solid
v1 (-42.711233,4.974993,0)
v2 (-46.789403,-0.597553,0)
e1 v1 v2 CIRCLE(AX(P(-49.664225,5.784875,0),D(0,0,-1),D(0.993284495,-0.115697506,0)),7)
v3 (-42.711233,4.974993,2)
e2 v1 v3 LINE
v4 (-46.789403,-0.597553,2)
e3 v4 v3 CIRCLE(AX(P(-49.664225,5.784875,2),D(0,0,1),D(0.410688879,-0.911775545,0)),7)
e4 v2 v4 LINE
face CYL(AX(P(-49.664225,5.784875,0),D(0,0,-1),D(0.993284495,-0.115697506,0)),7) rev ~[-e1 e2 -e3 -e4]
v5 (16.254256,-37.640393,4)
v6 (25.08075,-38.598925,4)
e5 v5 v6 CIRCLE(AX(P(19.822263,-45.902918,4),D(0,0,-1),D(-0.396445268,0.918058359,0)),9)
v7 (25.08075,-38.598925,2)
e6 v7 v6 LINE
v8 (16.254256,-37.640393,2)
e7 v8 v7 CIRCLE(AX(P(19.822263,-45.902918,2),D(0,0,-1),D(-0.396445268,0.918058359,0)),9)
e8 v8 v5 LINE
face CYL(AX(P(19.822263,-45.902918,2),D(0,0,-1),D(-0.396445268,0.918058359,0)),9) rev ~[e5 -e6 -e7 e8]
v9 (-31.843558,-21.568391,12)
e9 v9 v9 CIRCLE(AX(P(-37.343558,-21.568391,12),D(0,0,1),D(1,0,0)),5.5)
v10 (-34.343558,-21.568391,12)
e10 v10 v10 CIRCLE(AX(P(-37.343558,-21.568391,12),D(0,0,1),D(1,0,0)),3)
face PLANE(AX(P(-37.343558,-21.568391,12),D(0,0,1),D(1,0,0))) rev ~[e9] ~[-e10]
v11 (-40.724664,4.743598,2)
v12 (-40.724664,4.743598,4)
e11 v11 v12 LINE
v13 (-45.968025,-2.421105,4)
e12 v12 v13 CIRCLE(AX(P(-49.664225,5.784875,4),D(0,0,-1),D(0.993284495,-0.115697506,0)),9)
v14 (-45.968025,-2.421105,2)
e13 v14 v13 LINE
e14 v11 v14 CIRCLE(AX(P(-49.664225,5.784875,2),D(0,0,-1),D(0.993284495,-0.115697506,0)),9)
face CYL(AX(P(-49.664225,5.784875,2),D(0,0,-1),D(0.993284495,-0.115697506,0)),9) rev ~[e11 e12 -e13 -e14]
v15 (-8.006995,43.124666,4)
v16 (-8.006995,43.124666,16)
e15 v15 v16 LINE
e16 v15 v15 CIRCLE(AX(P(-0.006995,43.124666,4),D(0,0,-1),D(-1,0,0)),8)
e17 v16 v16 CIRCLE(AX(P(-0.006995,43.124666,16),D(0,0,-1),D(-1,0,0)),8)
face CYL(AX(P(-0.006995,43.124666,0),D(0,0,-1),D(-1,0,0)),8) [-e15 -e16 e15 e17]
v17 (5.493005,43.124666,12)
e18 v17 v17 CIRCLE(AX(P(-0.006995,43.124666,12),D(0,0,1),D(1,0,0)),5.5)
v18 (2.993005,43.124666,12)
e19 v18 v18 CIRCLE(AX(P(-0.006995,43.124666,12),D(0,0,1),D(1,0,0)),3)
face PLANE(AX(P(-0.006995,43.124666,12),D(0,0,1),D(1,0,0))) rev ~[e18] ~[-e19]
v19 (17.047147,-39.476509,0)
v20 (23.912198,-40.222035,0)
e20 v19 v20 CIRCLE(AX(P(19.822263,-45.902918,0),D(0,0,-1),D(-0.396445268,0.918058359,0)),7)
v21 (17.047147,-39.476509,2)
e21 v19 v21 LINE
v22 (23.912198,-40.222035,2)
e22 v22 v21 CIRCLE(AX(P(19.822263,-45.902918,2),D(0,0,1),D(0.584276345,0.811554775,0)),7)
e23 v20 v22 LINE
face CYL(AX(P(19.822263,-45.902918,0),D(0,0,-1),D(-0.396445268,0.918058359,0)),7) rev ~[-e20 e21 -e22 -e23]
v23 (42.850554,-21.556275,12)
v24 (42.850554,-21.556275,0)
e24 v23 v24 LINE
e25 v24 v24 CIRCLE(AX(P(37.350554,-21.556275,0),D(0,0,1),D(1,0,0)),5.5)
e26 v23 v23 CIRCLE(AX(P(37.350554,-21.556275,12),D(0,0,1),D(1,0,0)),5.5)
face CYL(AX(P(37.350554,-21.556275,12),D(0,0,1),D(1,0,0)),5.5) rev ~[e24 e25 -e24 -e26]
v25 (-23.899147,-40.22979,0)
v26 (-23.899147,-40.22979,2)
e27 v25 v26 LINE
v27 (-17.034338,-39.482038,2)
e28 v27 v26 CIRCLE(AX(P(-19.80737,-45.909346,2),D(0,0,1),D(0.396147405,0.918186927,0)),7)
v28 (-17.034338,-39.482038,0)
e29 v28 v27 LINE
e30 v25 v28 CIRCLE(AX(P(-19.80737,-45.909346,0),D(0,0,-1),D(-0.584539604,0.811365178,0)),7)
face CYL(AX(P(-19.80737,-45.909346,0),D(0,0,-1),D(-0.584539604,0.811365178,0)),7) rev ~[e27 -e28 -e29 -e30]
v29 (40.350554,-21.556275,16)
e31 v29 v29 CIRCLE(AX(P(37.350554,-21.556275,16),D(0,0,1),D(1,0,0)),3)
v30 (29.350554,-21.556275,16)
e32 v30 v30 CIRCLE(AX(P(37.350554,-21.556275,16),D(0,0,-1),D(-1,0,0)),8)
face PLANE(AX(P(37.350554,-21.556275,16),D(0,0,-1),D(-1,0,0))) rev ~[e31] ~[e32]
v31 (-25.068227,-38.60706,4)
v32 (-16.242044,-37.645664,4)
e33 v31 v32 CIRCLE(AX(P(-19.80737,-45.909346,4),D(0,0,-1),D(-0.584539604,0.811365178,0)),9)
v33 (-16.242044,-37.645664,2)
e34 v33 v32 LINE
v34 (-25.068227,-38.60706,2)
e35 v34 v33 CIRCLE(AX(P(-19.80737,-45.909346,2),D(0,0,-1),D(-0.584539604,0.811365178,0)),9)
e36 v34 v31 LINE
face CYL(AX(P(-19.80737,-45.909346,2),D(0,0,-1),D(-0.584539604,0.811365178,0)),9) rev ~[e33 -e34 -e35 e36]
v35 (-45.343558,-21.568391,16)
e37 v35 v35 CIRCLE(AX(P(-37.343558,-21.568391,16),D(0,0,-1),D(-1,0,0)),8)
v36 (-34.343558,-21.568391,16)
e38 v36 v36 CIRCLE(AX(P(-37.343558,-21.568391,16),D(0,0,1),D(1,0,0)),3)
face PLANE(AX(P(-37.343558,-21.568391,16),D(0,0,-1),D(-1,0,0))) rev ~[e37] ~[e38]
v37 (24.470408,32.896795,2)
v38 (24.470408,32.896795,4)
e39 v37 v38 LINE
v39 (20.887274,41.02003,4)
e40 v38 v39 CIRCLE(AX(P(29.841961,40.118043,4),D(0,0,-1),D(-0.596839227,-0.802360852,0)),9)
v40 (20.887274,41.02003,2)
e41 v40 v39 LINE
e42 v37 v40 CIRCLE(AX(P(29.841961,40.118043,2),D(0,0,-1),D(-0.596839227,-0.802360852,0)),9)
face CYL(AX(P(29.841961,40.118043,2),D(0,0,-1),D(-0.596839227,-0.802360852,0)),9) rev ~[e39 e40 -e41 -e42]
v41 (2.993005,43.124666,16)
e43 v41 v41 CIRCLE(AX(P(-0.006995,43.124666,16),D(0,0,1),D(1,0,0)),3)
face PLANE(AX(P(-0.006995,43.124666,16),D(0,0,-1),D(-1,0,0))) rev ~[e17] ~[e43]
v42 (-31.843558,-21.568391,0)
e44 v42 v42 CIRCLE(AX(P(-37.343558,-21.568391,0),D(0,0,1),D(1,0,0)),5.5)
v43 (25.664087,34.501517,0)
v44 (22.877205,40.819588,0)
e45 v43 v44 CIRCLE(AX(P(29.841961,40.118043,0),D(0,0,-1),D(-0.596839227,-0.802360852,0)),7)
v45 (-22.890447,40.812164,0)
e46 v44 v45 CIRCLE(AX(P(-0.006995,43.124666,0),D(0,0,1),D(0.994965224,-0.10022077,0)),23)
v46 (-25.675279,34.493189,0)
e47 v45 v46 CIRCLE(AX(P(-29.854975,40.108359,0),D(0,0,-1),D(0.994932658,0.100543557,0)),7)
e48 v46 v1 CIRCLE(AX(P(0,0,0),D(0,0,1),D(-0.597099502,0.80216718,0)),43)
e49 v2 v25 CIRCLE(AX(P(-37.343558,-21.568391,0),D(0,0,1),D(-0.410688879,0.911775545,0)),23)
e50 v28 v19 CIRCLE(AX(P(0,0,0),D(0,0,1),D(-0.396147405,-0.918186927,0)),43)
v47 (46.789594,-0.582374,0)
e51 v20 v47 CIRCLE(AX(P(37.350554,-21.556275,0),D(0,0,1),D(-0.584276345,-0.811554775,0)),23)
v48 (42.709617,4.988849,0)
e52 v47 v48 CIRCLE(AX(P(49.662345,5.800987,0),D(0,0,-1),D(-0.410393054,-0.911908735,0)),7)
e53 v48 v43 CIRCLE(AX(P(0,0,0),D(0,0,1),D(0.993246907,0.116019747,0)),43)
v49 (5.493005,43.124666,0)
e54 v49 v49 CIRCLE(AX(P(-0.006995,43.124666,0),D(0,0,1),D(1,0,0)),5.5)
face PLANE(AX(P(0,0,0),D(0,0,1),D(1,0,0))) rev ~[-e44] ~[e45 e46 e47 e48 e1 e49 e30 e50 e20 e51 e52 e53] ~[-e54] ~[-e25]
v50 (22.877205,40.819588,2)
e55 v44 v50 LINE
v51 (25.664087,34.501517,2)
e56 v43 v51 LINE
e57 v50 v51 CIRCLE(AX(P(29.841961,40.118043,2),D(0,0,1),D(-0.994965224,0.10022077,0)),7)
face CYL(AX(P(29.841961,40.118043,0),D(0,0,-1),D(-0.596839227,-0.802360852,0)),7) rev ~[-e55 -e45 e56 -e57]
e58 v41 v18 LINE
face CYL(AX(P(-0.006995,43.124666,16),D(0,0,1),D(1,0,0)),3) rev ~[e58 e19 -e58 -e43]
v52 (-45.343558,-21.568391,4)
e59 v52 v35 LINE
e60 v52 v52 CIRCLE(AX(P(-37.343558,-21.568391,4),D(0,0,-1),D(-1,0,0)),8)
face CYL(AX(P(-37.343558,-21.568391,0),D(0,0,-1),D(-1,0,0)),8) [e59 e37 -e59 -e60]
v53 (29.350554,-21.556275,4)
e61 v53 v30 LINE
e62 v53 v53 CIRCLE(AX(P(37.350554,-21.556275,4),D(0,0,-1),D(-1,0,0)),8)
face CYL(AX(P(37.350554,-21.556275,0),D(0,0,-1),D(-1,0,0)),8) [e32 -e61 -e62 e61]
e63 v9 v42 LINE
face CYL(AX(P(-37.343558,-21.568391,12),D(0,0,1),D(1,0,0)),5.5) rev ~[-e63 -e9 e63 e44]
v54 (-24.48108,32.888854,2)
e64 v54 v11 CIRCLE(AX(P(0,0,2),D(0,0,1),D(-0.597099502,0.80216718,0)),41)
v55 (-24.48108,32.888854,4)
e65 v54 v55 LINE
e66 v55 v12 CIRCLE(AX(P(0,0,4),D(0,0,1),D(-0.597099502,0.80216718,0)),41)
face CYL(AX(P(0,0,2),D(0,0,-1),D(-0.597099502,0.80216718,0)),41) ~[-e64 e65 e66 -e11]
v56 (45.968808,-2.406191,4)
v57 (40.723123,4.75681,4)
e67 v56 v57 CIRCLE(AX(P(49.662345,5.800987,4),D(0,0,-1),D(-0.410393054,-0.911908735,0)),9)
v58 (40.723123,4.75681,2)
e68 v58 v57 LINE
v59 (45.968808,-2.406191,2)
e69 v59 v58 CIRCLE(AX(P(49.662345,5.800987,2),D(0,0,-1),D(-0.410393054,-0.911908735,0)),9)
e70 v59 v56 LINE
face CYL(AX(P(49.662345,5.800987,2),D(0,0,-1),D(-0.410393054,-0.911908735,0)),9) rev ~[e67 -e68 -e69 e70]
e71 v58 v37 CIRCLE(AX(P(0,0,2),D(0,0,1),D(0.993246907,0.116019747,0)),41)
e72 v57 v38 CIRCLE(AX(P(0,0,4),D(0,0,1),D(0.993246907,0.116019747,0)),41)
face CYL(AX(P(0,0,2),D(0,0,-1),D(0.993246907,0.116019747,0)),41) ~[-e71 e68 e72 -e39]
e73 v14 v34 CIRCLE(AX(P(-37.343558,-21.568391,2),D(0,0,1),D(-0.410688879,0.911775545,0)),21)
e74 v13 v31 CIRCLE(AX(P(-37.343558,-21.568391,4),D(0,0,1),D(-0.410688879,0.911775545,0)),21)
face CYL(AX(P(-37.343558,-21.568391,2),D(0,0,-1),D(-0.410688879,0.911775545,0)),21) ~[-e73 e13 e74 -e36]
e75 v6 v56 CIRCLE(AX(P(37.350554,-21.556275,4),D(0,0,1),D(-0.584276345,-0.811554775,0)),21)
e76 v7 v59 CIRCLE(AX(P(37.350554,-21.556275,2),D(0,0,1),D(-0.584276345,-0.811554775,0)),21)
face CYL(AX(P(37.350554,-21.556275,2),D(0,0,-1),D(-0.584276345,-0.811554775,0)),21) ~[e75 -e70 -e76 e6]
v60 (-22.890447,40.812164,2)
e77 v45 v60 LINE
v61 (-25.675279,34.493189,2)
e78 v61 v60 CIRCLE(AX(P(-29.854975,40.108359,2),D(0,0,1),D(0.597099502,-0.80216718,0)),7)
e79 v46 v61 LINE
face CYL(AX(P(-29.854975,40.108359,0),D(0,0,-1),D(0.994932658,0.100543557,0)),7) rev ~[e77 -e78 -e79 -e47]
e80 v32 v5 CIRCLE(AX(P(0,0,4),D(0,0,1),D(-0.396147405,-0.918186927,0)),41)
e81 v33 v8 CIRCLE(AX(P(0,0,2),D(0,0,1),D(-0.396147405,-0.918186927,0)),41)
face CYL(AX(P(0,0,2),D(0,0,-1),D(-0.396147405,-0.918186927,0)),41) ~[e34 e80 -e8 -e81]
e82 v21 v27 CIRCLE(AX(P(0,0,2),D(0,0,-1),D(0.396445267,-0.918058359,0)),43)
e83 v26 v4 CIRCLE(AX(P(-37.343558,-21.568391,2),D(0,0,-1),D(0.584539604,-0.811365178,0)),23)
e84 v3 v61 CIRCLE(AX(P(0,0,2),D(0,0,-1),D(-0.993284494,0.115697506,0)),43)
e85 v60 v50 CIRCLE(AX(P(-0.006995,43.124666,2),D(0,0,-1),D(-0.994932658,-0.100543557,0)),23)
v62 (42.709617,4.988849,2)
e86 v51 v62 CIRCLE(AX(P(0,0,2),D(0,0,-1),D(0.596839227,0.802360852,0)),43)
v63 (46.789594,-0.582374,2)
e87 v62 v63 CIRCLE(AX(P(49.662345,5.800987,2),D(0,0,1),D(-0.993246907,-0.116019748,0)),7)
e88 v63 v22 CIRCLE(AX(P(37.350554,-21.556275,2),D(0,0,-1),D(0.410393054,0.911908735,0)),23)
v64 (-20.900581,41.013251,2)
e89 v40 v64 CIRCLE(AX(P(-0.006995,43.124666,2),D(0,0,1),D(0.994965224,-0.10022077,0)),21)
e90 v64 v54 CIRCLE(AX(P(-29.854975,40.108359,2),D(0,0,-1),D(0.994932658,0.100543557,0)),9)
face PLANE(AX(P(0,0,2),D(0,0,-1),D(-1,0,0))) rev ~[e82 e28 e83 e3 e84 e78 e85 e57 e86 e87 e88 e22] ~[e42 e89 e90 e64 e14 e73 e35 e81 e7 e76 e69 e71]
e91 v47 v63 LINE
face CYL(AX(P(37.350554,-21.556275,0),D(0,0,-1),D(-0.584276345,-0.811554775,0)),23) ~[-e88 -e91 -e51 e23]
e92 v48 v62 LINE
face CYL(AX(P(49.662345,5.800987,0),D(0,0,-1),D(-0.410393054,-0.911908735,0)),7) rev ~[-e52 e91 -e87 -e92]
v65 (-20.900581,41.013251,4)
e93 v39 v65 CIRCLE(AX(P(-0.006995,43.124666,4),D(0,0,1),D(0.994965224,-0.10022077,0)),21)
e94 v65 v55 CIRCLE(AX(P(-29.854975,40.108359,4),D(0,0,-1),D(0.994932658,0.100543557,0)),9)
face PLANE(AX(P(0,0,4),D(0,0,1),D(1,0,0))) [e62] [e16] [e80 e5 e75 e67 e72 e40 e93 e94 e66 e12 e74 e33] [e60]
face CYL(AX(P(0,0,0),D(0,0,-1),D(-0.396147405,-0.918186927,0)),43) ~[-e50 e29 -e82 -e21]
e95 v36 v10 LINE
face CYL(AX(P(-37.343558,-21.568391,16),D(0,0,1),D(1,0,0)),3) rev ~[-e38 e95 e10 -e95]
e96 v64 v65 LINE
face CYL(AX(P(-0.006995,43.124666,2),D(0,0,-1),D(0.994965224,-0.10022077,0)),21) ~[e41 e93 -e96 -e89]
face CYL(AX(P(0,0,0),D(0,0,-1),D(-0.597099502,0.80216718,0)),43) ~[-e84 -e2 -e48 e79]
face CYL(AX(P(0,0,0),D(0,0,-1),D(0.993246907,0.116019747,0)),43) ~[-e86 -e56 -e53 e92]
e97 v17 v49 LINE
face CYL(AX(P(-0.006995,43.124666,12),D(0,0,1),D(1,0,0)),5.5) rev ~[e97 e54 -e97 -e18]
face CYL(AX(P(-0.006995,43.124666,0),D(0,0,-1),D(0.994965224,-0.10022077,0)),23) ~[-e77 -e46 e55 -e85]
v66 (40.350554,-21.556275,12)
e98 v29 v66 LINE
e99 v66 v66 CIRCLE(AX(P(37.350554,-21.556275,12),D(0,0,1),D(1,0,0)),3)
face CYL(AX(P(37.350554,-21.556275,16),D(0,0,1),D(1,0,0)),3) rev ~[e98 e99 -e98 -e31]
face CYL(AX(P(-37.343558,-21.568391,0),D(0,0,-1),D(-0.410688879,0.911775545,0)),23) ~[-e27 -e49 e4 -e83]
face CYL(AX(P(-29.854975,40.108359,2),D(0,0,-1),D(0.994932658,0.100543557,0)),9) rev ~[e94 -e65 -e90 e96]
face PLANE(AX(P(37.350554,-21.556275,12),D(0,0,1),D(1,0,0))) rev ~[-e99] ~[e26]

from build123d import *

# Parameters (mm, degrees)
SKETCH1_R           = 5.5
BOSS_EXTRUDE1_DEPTH = 4
CUT_EXTRUDE1_START  = -2
CUT_EXTRUDE1_DEPTH  = 2
SKETCH4_R           = 8
BOSS_EXTRUDE2_DEPTH = 16
SKETCH6_R           = 3
CUT_EXTRUDE2_DEPTH  = 4
SKETCH7_R           = 5.5
CUT_EXTRUDE3_DEPTH  = 91.325305156


with BuildPart() as part:
    # Sketch1 → Boss-Extrude1 (new body)
    with BuildSketch(Plane.XY):
        with BuildLine():
            ThreePointArc((22.877204778, 40.819588003), (-0.010726273, 66.124665414), (-22.890446501, 40.812163899))
            ThreePointArc((-22.890446501, 40.812163899), (-23.449446231, 37.285381871), (-25.675278589, 34.493188739))
            ThreePointArc((-25.675278589, 34.493188739), (-37.24257945, 21.493959056), (-42.711233264, 4.974992775))
            ThreePointArc((-42.711233264, 4.974992775), (-44.015348899, 1.650845578), (-46.789402571, -0.597553496))
            ThreePointArc((-46.789402571, -0.597553496), (-57.260276929, -33.071621932), (-23.89914747, -40.229790123))
            ThreePointArc((-23.89914747, -40.229790123), (-20.565364774, -38.950507076), (-17.034338411, -39.482037877))
            ThreePointArc((-17.034338411, -39.482037877), (0.006975154, -42.999999434), (17.047146505, -39.476509421))
            ThreePointArc((17.047146505, -39.476509421), (20.578000241, -38.943833092), (23.912197793, -40.222034507))
            ThreePointArc((23.912197793, -40.222034507), (57.271003202, -33.053043482), (46.789593971, -0.582373776))
            ThreePointArc((46.789593971, -0.582373776), (44.014811006, 1.665125206), (42.709617, 4.988849138))
            ThreePointArc((42.709617, 4.988849138), (37.235604296, 21.506040378), (25.664086758, 34.501516646))
            ThreePointArc((25.664086758, 34.501516646), (23.437348658, 37.292987514), (22.877204778, 40.819588003))
        make_face()
        with Locations((-0.006995377, 43.124665717)):
            Circle(SKETCH1_R, mode=Mode.SUBTRACT)
        with Locations((37.350553729, -21.556274684)):
            Circle(SKETCH1_R, mode=Mode.SUBTRACT)
        with Locations((-37.343558352, -21.568391032)):
            Circle(SKETCH1_R, mode=Mode.SUBTRACT)
    extrude(amount=BOSS_EXTRUDE1_DEPTH)

    # Sketch2 → Cut-Extrude1 (cut)
    with BuildSketch(Plane.XY.offset(4).offset(CUT_EXTRUDE1_START)):
        with BuildLine():
            ThreePointArc((22.877204778, 40.819588003), (23.437348658, 37.292987514), (25.664086758, 34.501516646))
            ThreePointArc((25.664086758, 34.501516646), (37.235604296, 21.506040378), (42.709617, 4.988849138))
            ThreePointArc((42.709617, 4.988849138), (44.014811006, 1.665125206), (46.789593971, -0.582373776))
            ThreePointArc((46.789593971, -0.582373776), (57.271003202, -33.053043482), (23.912197793, -40.222034507))
            ThreePointArc((23.912197793, -40.222034507), (20.578000241, -38.943833092), (17.047146505, -39.476509421))
            ThreePointArc((17.047146505, -39.476509421), (0.006975154, -42.999999434), (-17.034338411, -39.482037877))
            ThreePointArc((-17.034338411, -39.482037877), (-20.565364774, -38.950507076), (-23.89914747, -40.229790123))
            ThreePointArc((-23.89914747, -40.229790123), (-57.260276929, -33.071621932), (-46.789402571, -0.597553496))
            ThreePointArc((-46.789402571, -0.597553496), (-44.015348899, 1.650845578), (-42.711233264, 4.974992775))
            ThreePointArc((-42.711233264, 4.974992775), (-37.24257945, 21.493959056), (-25.675278589, 34.493188739))
            ThreePointArc((-25.675278589, 34.493188739), (-23.449446231, 37.285381871), (-22.890446501, 40.812163899))
            ThreePointArc((-22.890446501, 40.812163899), (-0.010726273, 66.124665414), (22.877204778, 40.819588003))
        make_face()
        with BuildLine():
            ThreePointArc((-24.481079585, 32.888854379), (-35.510366452, 20.49424003), (-40.724664275, 4.743597762))
            ThreePointArc((-40.724664275, 4.743597762), (-42.401384377, 0.469694224), (-45.968024813, -2.421104586))
            ThreePointArc((-45.968024813, -2.421104586), (-55.528388357, -32.071340985), (-25.068226677, -38.607059768))
            ThreePointArc((-25.068226677, -38.607059768), (-20.78193464, -36.962267279), (-16.242043601, -37.645664022))
            ThreePointArc((-16.242043601, -37.645664022), (0.006650729, -40.999999461), (16.25425597, -37.640392703))
            ThreePointArc((16.25425597, -37.640392703), (20.793925059, -36.955523138), (25.080750483, -38.598924957))
            ThreePointArc((25.080750483, -38.598924957), (55.538790204, -32.053324456), (45.968807863, -2.406191246))
            ThreePointArc((45.968807863, -2.406191246), (42.401229765, 0.483450301), (40.723123186, 4.756809644))
            ThreePointArc((40.723123186, 4.756809644), (35.503715724, 20.50575943), (24.470408304, 32.896794941))
            ThreePointArc((24.470408304, 32.896794941), (21.607459318, 36.485828914), (20.88727433, 41.020029543))
            ThreePointArc((20.88727433, 41.020029543), (-0.010401848, 64.12466544), (-20.900581186, 41.013251014))
            ThreePointArc((-20.900581186, 41.013251014), (-21.619295125, 36.478816977), (-24.481079585, 32.888854379))
        make_face(mode=Mode.SUBTRACT)
    extrude(amount=CUT_EXTRUDE1_DEPTH, mode=Mode.SUBTRACT)

    # Sketch4 → Boss-Extrude2 (add)
    with BuildSketch(Plane(origin=(0, 0, 0), x_dir=(-1, 0, 0), z_dir=(0, 0, -1))):
        with Locations((0.006995377, 43.124665717)):
            Circle(SKETCH4_R)
        with Locations((-37.350553729, -21.556274684)):
            Circle(SKETCH4_R)
        with Locations((37.343558352, -21.568391032)):
            Circle(SKETCH4_R)
    extrude(amount=-BOSS_EXTRUDE2_DEPTH)

    # Sketch6 → Cut-Extrude2 (cut)
    with BuildSketch(Plane.XY.offset(16)):
        with Locations((-0.006995377, 43.124665717)):
            Circle(SKETCH6_R)
        with Locations((-37.343558352, -21.568391032)):
            Circle(SKETCH6_R)
        with Locations((37.350553729, -21.556274684)):
            Circle(SKETCH6_R)
    extrude(amount=-CUT_EXTRUDE2_DEPTH, mode=Mode.SUBTRACT)

    # Sketch7 → Cut-Extrude3 (cut, through all)
    with BuildSketch(Plane.XY.offset(12)):
        with Locations((-0.006995377, 43.124665717)):
            Circle(SKETCH7_R)
        with Locations((-37.343558352, -21.568391032)):
            Circle(SKETCH7_R)
        with Locations((37.350553729, -21.556274684)):
            Circle(SKETCH7_R)
    extrude(amount=-CUT_EXTRUDE3_DEPTH, mode=Mode.SUBTRACT)


solid = part.part
